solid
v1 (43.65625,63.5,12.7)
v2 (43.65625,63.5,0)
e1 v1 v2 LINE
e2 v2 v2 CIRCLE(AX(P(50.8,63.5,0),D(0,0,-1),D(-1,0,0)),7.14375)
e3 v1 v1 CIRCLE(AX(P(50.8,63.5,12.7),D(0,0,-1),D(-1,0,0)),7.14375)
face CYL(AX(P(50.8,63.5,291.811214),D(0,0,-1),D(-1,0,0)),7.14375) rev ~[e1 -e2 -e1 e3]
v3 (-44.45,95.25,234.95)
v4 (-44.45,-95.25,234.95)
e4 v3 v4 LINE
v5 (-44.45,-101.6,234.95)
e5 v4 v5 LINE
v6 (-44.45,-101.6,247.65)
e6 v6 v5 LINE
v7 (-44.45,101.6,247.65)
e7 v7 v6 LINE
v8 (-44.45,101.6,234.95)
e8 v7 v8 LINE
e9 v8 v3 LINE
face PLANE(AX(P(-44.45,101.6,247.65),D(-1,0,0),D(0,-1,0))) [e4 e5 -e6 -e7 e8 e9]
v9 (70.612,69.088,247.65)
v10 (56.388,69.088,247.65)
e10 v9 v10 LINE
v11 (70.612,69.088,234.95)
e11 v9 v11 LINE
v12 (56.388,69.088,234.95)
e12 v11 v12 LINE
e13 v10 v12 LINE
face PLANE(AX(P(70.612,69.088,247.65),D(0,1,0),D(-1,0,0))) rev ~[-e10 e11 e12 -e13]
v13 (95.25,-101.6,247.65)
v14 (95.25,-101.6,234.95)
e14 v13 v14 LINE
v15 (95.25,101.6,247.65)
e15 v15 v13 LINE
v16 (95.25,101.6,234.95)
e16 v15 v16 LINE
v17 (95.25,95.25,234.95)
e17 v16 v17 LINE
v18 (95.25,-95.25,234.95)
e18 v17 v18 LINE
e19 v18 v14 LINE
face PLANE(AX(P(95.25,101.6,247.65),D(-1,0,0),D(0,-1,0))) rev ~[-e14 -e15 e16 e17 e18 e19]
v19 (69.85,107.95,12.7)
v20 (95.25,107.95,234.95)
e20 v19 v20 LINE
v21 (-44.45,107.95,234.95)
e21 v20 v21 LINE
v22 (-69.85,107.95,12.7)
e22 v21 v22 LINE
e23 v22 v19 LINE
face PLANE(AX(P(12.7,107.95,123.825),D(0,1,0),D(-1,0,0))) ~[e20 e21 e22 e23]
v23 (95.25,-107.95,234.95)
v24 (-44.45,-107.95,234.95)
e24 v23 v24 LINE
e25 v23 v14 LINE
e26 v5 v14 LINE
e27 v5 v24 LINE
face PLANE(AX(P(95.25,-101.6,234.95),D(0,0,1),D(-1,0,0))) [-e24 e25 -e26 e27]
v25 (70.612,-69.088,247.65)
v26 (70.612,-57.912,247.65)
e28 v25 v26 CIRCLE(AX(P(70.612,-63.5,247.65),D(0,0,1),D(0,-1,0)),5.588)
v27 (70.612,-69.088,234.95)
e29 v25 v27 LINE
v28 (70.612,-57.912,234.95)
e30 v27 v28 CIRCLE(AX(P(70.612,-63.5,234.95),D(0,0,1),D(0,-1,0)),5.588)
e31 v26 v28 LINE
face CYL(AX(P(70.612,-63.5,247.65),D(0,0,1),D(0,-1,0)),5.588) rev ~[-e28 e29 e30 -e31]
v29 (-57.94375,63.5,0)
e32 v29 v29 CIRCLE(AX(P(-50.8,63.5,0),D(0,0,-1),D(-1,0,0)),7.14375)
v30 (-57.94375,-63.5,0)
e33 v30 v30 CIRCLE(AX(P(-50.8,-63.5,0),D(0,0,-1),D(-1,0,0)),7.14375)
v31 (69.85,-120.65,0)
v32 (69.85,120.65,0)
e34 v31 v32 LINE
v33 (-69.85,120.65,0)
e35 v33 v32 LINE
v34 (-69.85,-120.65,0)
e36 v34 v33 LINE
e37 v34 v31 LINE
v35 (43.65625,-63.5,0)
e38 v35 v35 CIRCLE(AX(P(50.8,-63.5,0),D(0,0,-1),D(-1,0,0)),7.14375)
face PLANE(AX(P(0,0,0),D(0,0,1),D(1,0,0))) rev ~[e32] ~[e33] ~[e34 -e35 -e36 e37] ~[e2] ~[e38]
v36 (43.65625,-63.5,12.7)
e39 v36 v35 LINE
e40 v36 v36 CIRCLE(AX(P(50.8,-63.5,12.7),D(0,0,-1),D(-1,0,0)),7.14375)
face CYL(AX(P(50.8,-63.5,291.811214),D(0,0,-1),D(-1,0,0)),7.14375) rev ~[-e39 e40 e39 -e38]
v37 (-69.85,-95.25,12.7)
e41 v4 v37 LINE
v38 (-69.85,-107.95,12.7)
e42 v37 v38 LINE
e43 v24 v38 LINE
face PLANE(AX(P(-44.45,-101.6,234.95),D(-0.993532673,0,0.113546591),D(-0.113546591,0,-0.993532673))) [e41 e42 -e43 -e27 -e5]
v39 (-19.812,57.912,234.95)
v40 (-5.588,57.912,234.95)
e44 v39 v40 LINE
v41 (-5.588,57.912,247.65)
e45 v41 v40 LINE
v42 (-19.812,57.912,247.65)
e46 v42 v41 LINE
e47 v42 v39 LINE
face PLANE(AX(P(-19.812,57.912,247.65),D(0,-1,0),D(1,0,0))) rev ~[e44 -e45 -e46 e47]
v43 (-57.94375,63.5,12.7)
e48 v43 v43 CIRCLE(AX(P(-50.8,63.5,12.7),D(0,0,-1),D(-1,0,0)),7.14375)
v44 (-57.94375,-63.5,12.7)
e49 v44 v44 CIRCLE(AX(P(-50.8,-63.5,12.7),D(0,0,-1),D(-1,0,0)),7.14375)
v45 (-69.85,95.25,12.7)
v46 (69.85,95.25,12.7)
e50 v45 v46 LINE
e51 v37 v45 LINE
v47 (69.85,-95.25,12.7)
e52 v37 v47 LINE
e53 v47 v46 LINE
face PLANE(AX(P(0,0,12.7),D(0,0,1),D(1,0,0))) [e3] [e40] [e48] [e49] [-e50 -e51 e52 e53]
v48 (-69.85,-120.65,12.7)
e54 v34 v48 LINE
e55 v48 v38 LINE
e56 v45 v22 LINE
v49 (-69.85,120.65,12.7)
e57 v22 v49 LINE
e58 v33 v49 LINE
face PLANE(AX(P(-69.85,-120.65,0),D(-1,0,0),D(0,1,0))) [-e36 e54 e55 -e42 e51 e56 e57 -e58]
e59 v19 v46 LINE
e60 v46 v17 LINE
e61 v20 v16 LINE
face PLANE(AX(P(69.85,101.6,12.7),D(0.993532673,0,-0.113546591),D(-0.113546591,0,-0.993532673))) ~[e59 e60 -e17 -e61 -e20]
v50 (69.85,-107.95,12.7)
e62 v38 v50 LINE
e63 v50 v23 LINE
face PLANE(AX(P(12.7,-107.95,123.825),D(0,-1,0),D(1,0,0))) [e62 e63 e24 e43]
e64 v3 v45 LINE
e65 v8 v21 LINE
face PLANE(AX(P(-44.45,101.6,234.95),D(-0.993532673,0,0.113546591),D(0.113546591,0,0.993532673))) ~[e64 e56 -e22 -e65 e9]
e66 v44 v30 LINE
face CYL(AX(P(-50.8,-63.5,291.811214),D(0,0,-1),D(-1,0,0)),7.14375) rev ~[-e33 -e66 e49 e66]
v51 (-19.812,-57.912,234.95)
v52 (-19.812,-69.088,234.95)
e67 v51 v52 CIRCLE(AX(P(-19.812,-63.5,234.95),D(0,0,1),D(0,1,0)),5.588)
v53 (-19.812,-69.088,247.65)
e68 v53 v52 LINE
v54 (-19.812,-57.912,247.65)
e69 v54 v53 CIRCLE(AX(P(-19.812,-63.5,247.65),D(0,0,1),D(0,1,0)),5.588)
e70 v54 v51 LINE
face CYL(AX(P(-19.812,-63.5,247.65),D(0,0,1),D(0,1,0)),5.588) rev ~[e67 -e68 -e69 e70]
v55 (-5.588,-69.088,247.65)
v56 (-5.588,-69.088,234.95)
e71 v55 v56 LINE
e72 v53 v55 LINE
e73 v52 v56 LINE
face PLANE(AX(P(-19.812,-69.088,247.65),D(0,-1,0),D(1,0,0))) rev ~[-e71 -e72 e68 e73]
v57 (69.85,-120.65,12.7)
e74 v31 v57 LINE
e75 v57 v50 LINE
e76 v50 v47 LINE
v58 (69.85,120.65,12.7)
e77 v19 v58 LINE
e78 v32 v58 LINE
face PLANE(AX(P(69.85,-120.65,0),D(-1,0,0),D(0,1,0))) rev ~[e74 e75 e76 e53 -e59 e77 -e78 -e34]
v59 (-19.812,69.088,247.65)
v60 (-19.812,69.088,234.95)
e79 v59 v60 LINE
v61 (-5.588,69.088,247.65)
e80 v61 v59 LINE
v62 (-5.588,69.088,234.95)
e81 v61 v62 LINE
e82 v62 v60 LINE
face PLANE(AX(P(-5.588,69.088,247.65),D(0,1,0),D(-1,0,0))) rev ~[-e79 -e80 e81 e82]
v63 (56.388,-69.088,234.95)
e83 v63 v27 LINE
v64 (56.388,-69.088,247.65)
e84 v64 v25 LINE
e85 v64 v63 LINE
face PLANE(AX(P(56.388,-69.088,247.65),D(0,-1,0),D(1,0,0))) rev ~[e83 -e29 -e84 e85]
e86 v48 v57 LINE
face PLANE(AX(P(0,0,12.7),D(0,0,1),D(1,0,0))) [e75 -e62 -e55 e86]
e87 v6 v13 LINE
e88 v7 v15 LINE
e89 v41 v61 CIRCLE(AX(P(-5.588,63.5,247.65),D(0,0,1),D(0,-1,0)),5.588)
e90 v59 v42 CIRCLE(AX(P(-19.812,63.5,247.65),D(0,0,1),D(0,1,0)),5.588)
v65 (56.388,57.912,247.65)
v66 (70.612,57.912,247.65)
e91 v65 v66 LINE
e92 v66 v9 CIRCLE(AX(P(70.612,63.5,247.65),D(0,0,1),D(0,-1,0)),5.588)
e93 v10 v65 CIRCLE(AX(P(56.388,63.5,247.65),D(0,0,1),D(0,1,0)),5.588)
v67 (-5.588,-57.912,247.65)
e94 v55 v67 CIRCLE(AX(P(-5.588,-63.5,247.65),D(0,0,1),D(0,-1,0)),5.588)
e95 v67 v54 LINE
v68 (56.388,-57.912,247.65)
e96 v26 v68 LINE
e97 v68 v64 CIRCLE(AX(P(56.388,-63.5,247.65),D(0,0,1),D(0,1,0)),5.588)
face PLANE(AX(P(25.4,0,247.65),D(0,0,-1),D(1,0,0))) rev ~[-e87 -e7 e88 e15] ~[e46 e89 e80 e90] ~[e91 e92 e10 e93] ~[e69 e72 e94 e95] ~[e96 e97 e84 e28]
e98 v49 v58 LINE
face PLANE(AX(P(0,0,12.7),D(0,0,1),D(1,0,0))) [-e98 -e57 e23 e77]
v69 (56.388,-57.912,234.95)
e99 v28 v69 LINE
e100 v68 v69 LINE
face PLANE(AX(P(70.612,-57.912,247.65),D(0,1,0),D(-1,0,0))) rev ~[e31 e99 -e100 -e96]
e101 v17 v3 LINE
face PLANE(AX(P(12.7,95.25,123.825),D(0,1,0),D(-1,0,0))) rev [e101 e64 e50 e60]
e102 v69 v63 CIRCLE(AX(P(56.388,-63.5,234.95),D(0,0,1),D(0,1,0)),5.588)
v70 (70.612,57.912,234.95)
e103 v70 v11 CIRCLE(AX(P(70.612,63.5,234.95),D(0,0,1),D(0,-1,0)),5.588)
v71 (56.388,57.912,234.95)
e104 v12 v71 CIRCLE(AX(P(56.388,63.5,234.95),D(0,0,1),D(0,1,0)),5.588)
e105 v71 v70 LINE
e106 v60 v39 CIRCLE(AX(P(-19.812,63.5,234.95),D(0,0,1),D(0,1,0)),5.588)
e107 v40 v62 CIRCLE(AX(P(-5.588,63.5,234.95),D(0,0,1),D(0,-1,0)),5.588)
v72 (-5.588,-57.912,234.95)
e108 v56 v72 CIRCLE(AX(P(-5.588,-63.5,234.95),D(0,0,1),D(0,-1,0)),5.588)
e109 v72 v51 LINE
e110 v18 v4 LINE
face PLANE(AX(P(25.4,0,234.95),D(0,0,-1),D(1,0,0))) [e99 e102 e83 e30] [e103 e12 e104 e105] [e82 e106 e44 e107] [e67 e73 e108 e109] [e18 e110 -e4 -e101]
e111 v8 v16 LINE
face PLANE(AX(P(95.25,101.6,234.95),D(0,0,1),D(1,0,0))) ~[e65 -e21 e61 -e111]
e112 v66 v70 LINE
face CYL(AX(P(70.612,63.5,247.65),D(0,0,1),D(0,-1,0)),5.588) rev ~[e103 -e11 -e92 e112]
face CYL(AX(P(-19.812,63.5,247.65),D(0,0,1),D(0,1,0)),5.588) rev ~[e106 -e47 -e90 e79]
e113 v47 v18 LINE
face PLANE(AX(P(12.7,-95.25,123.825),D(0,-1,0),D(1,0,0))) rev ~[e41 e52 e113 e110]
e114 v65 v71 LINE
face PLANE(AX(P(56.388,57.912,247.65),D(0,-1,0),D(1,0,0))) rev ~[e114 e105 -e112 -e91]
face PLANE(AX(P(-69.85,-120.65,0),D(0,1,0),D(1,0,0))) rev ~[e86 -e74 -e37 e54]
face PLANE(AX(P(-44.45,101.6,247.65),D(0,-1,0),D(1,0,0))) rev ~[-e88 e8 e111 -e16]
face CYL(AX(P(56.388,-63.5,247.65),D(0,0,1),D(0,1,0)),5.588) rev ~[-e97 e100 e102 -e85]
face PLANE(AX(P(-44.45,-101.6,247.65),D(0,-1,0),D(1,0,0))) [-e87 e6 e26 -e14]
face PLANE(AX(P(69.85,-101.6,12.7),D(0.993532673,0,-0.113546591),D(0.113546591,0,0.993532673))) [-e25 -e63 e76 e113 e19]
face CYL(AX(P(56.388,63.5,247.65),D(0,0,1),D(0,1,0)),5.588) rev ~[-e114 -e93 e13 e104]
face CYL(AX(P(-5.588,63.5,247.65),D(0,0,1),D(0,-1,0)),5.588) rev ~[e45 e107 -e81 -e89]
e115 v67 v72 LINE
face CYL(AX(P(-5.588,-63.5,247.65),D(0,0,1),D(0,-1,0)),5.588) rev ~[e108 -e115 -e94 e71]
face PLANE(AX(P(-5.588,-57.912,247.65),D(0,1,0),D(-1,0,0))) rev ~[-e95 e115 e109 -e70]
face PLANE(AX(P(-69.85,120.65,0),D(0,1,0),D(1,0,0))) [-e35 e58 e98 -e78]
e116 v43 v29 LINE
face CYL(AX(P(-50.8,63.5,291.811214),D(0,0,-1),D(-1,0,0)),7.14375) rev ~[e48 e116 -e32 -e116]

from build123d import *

# Parameters (mm, degrees)
F0_W     = 139.7
F0_H     = 241.3
F1_DEPTH = 12.7
F3_D     = 14.2875
F5_W     = 139.7
F5_H     = 203.2
F6_DEPTH = 12.7
F8_DEPTH = 6.35


with BuildPart() as f1:
    # F0 (on Top) → F1 (new body)
    with BuildSketch(Plane.XY):
        Rectangle(F0_W, F0_H)
    extrude(amount=F1_DEPTH)

    # F3 (through all)
    with Locations(Plane.XY.offset(12.7)):
        with Locations((-50.8, 63.5), (50.8, 63.5), (50.8, -63.5), (-50.8, -63.5)):
            Hole(F3_D / 2)



with BuildPart() as f6:
    # F5 (on offset) → F6 (new body)
    with BuildSketch(Plane(origin=(0, 0, 247.65), x_dir=(1, 0, 0), z_dir=(0, 0, -1))):
        with Locations((25.4, 0)):
            Rectangle(F5_W, F5_H)
        with BuildLine():
            Line((-5.588, -69.088), (-19.812, -69.088))
            ThreePointArc((-19.812, -69.088), (-25.4, -63.5), (-19.812, -57.912))
            Line((-19.812, -57.912), (-5.588, -57.912))
            ThreePointArc((-5.588, -57.912), (0, -63.5), (-5.588, -69.088))
        make_face(mode=Mode.SUBTRACT)
        with BuildLine():
            ThreePointArc((56.388, -69.088), (50.8, -63.5), (56.388, -57.912))
            Line((56.388, -57.912), (70.612, -57.912))
            ThreePointArc((70.612, -57.912), (76.2, -63.5), (70.612, -69.088))
            Line((70.612, -69.088), (56.388, -69.088))
        make_face(mode=Mode.SUBTRACT)
        with BuildLine():
            Line((-5.588, 57.912), (-19.812, 57.912))
            ThreePointArc((-19.812, 57.912), (-25.4, 63.5), (-19.812, 69.088))
            Line((-19.812, 69.088), (-5.588, 69.088))
            ThreePointArc((-5.588, 69.088), (0, 63.5), (-5.588, 57.912))
        make_face(mode=Mode.SUBTRACT)
        with BuildLine():
            Line((56.388, 69.088), (70.612, 69.088))
            ThreePointArc((70.612, 69.088), (76.2, 63.5), (70.612, 57.912))
            Line((70.612, 57.912), (56.388, 57.912))
            ThreePointArc((56.388, 57.912), (50.8, 63.5), (56.388, 69.088))
        make_face(mode=Mode.SUBTRACT)
    extrude(amount=F6_DEPTH)


with BuildPart() as f1_1:
    add(f1.part)

    add(f6.part)  # F8 merges F6
    # F7 (on face) → F8 (join, symmetric)
    with BuildSketch(Plane.XZ.offset(101.6)):
        Polygon((95.25, 234.95), (-44.45, 234.95), (-69.85, 12.7), (69.85, 12.7), align=None)
    extrude(amount=F8_DEPTH, both=True)

    # F9: F1 across plane


with BuildPart() as f1_2:
    add(f1_1.part)
    add(f1_1.part.mirror(Plane.XZ))


solid = f1_2.part
